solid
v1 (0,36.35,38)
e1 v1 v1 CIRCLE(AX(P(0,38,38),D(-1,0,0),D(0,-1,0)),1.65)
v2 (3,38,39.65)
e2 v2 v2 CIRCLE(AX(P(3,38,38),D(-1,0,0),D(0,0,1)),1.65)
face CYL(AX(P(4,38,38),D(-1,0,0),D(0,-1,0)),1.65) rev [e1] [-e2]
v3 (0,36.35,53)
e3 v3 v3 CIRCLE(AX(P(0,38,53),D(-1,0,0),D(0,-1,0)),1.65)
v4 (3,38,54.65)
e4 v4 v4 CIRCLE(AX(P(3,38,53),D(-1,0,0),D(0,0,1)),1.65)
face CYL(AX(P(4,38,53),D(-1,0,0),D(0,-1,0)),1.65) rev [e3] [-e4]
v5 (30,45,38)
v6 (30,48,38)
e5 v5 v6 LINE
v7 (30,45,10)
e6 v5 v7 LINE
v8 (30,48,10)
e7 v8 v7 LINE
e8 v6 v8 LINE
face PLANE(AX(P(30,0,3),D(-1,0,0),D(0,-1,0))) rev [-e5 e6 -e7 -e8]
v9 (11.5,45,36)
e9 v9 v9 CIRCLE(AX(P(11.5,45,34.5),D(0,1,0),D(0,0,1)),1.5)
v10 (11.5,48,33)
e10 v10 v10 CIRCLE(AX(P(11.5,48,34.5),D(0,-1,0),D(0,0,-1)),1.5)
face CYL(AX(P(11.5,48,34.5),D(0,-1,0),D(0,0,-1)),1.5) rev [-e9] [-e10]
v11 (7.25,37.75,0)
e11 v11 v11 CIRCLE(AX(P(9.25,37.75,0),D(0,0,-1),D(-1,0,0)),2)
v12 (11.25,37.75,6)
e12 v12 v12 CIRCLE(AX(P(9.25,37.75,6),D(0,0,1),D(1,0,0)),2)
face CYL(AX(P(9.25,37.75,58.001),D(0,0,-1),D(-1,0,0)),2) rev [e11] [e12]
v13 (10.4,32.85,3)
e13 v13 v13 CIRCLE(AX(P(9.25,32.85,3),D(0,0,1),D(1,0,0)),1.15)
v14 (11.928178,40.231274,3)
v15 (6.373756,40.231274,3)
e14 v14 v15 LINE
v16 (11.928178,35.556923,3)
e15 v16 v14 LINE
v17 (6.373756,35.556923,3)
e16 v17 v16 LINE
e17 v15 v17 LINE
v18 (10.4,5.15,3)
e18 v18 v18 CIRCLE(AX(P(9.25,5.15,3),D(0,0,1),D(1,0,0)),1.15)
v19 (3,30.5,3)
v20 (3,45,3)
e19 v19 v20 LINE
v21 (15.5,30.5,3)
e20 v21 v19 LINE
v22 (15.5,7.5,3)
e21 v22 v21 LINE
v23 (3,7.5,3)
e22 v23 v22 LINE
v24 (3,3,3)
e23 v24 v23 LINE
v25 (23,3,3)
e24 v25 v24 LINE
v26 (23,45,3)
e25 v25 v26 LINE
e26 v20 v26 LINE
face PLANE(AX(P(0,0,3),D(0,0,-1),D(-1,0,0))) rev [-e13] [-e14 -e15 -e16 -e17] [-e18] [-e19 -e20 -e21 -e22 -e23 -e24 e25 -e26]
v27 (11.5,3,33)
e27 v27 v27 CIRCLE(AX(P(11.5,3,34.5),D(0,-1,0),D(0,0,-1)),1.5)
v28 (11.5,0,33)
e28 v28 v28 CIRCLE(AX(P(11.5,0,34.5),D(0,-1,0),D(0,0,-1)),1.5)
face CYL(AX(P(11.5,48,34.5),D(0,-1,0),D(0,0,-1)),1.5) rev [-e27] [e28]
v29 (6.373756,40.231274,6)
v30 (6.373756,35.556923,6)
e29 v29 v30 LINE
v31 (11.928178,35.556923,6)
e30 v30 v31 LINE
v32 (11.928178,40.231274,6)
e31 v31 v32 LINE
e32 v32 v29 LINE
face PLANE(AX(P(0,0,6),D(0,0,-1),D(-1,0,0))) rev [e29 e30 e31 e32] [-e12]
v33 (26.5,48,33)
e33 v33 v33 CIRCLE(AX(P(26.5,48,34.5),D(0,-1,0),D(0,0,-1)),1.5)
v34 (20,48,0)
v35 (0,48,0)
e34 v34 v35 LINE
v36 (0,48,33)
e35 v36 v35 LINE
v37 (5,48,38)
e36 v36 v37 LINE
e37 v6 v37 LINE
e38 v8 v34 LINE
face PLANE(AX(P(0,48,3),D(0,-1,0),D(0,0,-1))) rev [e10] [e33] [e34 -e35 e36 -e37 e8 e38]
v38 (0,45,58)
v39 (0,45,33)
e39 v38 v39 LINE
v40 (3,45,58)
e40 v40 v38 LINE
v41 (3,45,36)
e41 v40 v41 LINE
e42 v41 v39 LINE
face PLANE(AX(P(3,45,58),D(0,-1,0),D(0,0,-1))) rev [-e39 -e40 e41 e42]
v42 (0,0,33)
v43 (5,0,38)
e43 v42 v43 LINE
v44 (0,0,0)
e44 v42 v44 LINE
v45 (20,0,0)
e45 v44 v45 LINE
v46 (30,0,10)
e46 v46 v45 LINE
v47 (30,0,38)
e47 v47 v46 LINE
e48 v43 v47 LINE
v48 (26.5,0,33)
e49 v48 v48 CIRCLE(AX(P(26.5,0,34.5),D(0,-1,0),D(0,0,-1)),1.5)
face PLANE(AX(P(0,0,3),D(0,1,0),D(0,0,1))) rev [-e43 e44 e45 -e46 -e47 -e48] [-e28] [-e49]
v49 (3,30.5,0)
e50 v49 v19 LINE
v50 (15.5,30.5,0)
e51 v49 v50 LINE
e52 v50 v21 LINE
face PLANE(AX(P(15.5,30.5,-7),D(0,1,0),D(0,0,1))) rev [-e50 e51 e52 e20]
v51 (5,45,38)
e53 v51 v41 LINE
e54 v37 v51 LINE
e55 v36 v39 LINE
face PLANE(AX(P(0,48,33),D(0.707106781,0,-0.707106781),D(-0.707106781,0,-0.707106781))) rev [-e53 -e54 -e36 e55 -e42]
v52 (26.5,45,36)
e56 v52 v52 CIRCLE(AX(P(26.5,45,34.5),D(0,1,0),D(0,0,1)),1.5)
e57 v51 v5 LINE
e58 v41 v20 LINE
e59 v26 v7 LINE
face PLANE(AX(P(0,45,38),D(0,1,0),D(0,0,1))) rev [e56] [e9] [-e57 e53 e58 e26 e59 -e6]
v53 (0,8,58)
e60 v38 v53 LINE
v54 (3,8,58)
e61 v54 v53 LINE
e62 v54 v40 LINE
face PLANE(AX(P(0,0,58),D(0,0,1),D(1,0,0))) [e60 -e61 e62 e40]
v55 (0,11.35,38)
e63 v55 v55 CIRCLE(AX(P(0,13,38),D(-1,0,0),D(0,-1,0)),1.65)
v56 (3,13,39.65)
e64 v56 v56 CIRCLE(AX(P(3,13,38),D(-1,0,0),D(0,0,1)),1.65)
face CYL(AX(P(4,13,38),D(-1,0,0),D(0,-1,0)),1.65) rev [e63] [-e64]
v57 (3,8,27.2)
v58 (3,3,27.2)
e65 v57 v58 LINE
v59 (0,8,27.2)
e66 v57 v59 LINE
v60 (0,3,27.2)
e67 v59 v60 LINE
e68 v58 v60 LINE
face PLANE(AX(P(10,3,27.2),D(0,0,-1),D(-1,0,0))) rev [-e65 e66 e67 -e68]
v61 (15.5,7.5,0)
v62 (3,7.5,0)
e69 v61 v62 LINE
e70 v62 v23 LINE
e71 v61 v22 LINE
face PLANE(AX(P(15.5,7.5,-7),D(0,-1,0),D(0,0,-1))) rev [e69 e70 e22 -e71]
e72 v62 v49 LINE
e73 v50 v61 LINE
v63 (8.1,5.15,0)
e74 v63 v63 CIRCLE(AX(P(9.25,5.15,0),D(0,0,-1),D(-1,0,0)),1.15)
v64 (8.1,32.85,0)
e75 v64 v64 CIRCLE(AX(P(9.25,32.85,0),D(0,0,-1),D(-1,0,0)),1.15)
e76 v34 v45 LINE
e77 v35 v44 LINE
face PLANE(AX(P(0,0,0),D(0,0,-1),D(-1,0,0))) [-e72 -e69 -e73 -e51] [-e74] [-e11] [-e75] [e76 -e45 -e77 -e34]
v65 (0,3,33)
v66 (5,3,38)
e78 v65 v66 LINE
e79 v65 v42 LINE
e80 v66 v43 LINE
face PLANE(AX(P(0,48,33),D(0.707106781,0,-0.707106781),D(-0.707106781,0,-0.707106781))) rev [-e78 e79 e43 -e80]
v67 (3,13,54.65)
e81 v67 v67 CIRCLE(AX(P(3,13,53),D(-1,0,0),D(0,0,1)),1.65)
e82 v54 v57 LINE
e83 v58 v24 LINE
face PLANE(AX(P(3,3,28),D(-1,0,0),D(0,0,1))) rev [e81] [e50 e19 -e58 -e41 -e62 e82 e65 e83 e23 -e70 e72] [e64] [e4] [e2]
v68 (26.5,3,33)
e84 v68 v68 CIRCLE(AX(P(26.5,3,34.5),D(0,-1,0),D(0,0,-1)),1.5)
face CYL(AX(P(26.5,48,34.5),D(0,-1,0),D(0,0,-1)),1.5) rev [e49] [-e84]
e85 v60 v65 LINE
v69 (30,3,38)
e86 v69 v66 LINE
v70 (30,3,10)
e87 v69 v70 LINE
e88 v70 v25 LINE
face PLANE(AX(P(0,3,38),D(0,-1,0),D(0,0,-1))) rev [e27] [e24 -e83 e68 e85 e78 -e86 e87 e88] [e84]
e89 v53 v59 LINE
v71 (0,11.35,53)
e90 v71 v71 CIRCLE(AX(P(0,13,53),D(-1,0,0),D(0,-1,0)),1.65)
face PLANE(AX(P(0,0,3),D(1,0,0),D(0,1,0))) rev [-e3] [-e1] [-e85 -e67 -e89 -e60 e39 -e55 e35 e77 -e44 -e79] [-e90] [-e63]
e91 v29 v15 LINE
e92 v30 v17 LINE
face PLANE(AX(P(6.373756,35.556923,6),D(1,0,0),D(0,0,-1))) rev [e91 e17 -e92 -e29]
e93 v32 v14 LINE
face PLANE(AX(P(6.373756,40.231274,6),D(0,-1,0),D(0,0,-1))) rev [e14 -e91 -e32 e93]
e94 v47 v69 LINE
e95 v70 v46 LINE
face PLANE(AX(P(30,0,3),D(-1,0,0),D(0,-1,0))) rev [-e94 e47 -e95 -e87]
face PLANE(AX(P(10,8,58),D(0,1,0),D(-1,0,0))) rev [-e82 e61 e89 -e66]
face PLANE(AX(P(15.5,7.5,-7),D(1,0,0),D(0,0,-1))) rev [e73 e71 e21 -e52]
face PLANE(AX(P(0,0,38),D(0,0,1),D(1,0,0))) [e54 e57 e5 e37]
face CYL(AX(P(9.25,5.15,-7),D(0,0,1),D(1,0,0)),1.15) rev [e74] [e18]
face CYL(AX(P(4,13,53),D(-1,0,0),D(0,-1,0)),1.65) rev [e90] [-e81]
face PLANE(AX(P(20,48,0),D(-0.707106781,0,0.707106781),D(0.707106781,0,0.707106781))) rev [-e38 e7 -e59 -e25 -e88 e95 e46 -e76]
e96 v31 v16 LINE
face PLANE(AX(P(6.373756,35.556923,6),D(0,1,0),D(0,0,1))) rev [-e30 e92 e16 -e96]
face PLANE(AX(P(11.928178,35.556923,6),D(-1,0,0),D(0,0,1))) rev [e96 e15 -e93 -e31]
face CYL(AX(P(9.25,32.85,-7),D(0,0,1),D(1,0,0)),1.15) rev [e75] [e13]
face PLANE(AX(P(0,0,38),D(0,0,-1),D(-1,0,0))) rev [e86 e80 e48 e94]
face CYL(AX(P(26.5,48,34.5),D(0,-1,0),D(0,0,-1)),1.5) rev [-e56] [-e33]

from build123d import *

# Parameters (mm, degrees)
SKETCH_1_W           = 30
SKETCH_1_H           = 48
EXTRUDE_1_DEPTH      = 3
SKETCH_3_W           = 30
SKETCH_3_H           = 3
EXTRUDE_2_DEPTH      = 35
CUT_EXTRUDE_2_DEPTH  = 69.176242196
CUT_EXTRUDE_3_DEPTH  = 69.176242196
SKETCH_7_W           = 3
SKETCH_7_H           = 42
EXTRUDE_3_DEPTH      = 25
SKETCH_14_W          = 3
SKETCH_14_H          = 42
EXTRUDE_6_DEPTH      = 30
SKETCH_15_R          = 1.65
CUT_EXTRUDE_6_DEPTH  = 4
SKETCH_16_R          = 1.15
SKETCH_16_W          = 12.5
SKETCH_16_H          = 23
CUT_EXTRUDE_7_DEPTH  = 10
SKETCH_17_W          = 30.8
SKETCH_17_H          = 5
CUT_EXTRUDE_8_DEPTH  = 10
SKETCH_20_R          = 1.5
CUT_EXTRUDE_11_DEPTH = 82.043198357
CUT_EXTRUDE_12_REACH = 83.043
SKETCH_22_R          = 2
SKETCH_23_W          = 5.554421841
SKETCH_23_H          = 4.674351411
SKETCH_23_R          = 2
EXTRUDE_9_DEPTH      = 3


with BuildPart() as part:
    # 草图1 → 凸台-拉伸1 (new body)
    with BuildSketch(Plane.XY):
        with Locations((15, 24)):
            Rectangle(SKETCH_1_W, SKETCH_1_H)
    extrude(amount=EXTRUDE_1_DEPTH)

    # 草图3 → 凸台-拉伸2 (add)
    with BuildSketch(Plane.XY.offset(3)):
        with Locations((15, 46.5)):
            Rectangle(SKETCH_3_W, SKETCH_3_H)
        with Locations((15, 1.5)):
            Rectangle(SKETCH_3_W, SKETCH_3_H)
    extrude(amount=EXTRUDE_2_DEPTH)

    # 草图5 → 切除-拉伸2 (cut, through all)
    with BuildSketch(Plane.XZ):
        Polygon((0, 33), (5, 38), (0, 38), align=None)
    extrude(amount=-CUT_EXTRUDE_2_DEPTH, mode=Mode.SUBTRACT)

    # 草图6 → 切除-拉伸3 (cut, through all)
    with BuildSketch(Plane.XZ):
        Polygon((20, 0), (30, 10), (30, 0), align=None)
    extrude(amount=-CUT_EXTRUDE_3_DEPTH, mode=Mode.SUBTRACT)

    # 草图7 → 凸台-拉伸3 (add)
    with BuildSketch(Plane.XY.offset(3)):
        with Locations((1.5, 24)):
            Rectangle(SKETCH_7_W, SKETCH_7_H)
    extrude(amount=EXTRUDE_3_DEPTH)

    # 草图14 → 凸台-拉伸6 (add)
    with BuildSketch(Plane.XY.offset(28)):
        with Locations((1.5, 24)):
            Rectangle(SKETCH_14_W, SKETCH_14_H)
    extrude(amount=EXTRUDE_6_DEPTH)

    # 草图15 → 切除-拉伸6 (cut)
    with BuildSketch(Plane.ZY):
        with Locations(Location((38, 13, 0), (0, 0, 270))):
            Circle(SKETCH_15_R)
        with Locations(Location((38, 38, 0), (0, 0, 270))):
            Circle(SKETCH_15_R)
        with Locations(Location((53, 38, 0), (0, 0, 270))):
            Circle(SKETCH_15_R)
        with Locations(Location((53, 13, 0), (0, 0, 270))):
            Circle(SKETCH_15_R)
    extrude(amount=-CUT_EXTRUDE_6_DEPTH, mode=Mode.SUBTRACT)

    # 草图16 → 切除-拉伸7 (cut)
    with BuildSketch(Plane.XY.offset(3)):
        with Locations((9.25, 32.85)):
            Circle(SKETCH_16_R)
        with Locations((9.25, 5.15)):
            Circle(SKETCH_16_R)
        with Locations((9.25, 19)):
            Rectangle(SKETCH_16_W, SKETCH_16_H)
    extrude(amount=-CUT_EXTRUDE_7_DEPTH, mode=Mode.SUBTRACT)

    # 草图17 → 切除-拉伸8 (cut)
    with BuildSketch(Plane.ZY):
        with Locations((42.6, 5.5)):
            Rectangle(SKETCH_17_W, SKETCH_17_H)
    extrude(amount=-CUT_EXTRUDE_8_DEPTH, mode=Mode.SUBTRACT)

    # 草图20 → 切除-拉伸11 (cut, through all)
    with BuildSketch(Plane.XZ):
        with Locations(Location((26.5, 34.5, 0), (0, 0, 270))):
            Circle(SKETCH_20_R)
        with Locations(Location((11.5, 34.5, 0), (0, 0, 270))):
            Circle(SKETCH_20_R)
    extrude(amount=-CUT_EXTRUDE_11_DEPTH, mode=Mode.SUBTRACT)

    # 草图22 → 切除-拉伸12 (cut, up to next)
    with BuildSketch(Plane(origin=(0, 0, 0), x_dir=(-1, 0, 0), z_dir=(0, 0, -1)), mode=Mode.PRIVATE) as cut_extrude_12_sk1:
        with Locations((-9.25, 37.75)):
            Circle(SKETCH_22_R)
    cut_extrude_12_tool1 = extrude(cut_extrude_12_sk1.sketch, amount=-CUT_EXTRUDE_12_REACH, mode=Mode.PRIVATE) & part.part
    add(cut_extrude_12_tool1.solids().sort_by_distance((9.25, 37.75, 0))[0], mode=Mode.SUBTRACT)

    # 草图23 → 凸台-拉伸9 (add)
    with BuildSketch(Plane.XY.offset(3)):
        with Locations((9.150966926, 37.89409872)):
            Rectangle(SKETCH_23_W, SKETCH_23_H)
        with Locations(Location((9.25, 37.75, 0), (0, 0, 180))):
            Circle(SKETCH_23_R, mode=Mode.SUBTRACT)
    extrude(amount=EXTRUDE_9_DEPTH)


solid = part.part
